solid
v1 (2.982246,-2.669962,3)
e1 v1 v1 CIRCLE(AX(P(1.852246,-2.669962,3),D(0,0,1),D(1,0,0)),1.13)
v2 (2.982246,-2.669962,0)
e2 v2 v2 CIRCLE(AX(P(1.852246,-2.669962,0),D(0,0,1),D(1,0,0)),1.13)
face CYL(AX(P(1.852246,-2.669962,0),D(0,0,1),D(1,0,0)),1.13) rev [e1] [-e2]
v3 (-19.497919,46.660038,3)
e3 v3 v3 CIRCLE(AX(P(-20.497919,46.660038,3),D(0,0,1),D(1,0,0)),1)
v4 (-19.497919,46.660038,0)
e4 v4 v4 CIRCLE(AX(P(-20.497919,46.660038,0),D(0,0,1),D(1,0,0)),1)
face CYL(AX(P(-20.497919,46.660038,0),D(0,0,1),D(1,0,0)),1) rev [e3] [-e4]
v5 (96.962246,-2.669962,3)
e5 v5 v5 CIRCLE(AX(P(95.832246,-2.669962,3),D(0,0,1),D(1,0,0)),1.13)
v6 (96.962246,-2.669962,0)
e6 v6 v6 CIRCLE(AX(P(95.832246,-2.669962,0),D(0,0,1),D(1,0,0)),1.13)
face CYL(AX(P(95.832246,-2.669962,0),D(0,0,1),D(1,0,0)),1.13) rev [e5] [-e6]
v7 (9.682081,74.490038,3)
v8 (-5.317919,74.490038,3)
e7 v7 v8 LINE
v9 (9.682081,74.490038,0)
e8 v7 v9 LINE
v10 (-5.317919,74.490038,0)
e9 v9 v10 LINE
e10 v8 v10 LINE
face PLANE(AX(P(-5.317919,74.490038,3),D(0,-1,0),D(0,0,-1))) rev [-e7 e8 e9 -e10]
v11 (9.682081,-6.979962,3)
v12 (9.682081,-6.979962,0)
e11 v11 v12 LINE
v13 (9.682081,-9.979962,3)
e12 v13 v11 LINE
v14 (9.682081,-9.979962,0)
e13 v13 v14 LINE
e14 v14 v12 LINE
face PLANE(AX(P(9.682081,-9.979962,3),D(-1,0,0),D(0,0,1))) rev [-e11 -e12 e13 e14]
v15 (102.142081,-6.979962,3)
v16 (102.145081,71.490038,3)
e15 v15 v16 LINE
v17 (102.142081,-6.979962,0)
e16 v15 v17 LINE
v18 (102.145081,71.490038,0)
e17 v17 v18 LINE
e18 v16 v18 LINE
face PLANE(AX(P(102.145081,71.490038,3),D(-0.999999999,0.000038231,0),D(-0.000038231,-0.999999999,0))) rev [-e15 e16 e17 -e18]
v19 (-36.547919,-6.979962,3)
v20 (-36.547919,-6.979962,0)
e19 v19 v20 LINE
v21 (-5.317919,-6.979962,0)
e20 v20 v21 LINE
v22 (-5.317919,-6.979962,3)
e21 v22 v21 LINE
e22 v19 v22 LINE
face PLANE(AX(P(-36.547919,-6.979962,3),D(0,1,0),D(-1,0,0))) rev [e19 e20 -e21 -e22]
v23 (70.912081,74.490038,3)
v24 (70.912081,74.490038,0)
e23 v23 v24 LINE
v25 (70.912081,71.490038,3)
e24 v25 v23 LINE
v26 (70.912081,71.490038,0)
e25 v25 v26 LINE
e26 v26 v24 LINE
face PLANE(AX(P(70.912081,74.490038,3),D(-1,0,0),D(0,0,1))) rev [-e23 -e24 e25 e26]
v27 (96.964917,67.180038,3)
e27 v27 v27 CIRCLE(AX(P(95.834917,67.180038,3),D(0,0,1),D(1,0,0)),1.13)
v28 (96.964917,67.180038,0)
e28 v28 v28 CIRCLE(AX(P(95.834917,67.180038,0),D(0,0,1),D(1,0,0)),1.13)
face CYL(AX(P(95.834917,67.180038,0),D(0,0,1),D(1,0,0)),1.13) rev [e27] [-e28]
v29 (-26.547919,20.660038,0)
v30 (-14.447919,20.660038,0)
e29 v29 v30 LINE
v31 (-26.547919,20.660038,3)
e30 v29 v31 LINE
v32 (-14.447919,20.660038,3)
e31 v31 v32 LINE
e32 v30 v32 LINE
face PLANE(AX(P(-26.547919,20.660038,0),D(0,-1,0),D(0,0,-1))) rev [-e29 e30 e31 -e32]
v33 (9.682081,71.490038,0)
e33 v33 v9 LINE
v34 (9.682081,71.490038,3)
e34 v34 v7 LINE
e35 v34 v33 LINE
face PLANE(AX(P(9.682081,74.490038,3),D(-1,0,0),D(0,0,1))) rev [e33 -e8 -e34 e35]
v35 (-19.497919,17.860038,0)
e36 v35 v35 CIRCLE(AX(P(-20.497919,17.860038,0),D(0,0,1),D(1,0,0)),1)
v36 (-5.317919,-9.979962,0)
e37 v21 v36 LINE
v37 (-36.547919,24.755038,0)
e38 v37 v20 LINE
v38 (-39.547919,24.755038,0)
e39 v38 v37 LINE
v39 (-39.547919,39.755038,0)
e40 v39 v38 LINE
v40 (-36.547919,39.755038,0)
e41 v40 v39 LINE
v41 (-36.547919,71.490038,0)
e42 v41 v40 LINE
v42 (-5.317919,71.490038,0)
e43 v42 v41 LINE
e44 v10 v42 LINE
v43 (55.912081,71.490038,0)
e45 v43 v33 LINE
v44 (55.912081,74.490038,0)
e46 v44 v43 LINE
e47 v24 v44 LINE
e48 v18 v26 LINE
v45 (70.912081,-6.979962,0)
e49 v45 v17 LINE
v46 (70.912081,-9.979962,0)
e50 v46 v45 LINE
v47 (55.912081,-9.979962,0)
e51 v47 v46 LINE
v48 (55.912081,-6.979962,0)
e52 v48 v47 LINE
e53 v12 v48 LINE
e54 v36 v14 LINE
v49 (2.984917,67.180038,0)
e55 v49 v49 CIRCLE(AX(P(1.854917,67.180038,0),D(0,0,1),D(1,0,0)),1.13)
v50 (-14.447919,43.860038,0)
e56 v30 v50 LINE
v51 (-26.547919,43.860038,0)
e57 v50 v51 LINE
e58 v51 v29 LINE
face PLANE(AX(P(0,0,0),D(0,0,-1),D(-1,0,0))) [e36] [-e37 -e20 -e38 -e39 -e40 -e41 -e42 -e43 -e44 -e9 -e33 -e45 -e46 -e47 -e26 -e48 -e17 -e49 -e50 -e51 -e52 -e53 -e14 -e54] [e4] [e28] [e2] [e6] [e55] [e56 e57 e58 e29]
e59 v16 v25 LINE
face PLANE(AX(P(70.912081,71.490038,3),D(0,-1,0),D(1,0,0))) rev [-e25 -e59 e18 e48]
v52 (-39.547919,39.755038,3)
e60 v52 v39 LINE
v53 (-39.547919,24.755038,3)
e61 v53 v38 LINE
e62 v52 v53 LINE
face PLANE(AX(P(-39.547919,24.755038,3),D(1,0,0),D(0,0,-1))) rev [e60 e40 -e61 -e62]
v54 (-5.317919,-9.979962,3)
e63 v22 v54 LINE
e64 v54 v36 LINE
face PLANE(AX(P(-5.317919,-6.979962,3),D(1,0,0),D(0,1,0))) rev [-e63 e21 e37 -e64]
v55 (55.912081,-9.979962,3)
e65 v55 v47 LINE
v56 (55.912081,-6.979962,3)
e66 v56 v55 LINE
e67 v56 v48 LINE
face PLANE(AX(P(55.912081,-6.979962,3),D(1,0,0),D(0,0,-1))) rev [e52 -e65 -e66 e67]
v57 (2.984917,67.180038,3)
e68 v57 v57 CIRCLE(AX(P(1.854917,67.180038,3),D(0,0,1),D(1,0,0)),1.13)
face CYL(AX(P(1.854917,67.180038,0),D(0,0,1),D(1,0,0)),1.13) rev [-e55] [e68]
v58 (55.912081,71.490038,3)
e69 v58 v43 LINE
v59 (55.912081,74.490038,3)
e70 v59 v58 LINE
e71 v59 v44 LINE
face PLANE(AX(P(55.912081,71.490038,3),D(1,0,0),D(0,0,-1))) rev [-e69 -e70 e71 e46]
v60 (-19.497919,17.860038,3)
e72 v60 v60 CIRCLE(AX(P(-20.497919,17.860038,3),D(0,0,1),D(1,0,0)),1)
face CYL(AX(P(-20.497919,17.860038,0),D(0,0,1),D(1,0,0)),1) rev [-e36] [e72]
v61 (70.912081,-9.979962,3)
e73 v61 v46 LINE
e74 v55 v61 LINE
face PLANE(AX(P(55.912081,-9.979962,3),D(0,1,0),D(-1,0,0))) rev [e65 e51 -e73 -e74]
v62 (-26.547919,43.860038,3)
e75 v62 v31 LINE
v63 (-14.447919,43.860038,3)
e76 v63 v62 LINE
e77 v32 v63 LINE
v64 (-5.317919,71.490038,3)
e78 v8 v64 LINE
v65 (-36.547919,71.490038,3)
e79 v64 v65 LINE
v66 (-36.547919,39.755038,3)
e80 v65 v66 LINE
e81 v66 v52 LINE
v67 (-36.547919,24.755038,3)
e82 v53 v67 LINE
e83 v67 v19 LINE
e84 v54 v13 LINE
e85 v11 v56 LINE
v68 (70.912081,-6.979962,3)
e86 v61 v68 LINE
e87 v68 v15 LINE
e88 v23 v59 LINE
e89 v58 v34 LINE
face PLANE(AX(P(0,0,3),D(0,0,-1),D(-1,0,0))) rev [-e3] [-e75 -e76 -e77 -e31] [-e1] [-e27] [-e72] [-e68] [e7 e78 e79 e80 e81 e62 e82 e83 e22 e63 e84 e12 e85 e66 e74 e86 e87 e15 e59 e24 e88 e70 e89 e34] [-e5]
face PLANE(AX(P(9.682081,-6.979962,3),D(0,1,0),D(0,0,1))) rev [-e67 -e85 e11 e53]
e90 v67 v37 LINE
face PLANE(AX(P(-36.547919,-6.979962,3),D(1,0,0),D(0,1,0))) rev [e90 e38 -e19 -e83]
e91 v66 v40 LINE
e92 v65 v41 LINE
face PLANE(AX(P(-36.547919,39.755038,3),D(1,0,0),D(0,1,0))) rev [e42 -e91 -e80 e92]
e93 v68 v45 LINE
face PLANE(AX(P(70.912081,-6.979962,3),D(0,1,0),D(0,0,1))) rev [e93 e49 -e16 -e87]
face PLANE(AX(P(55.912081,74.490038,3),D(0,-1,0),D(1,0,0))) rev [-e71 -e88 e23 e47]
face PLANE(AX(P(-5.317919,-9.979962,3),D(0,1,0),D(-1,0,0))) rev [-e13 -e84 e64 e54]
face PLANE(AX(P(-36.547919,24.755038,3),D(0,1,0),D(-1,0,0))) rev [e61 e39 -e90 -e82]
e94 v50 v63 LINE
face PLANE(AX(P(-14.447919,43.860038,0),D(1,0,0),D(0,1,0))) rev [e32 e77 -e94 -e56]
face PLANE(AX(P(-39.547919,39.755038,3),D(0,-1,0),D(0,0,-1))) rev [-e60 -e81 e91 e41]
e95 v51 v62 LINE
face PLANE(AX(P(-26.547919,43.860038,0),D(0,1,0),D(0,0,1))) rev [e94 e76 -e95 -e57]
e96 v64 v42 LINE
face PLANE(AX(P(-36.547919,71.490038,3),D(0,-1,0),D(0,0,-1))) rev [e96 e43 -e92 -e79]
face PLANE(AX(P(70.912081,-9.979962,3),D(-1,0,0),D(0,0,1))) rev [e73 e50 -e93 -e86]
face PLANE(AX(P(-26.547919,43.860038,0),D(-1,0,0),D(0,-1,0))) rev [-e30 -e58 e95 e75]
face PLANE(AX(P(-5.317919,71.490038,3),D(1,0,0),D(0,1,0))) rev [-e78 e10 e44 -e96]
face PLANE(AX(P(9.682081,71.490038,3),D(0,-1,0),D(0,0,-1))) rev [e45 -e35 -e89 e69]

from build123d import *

# Parameters (mm, degrees)
BOSS_EXTRUDE1_DEPTH = 3
SKETCH2_R           = 1.13
CUT_EXTRUDE1_DEPTH  = 3
SKETCH3_R           = 1
SKETCH3_W           = 12.1
SKETCH3_H           = 23.2
CUT_EXTRUDE4_DEPTH  = 3


with BuildPart() as part:
    # Sketch1 → Boss-Extrude1 (new body)
    with BuildSketch(Plane.XY):
        Polygon((-36.547918648, 71.490037876), (-5.317918648, 71.490037876), (-5.317918648, 74.490037876), (9.682081352, 74.490037876), (9.682081352, 71.490037876), (55.912081352, 71.490037876), (55.912081352, 74.490037876), (70.912081352, 74.490037876), (70.912081352, 71.490037876), (102.145081352, 71.490037876), (102.142081352, -6.979962124), (70.912081352, -6.979962124), (70.912081352, -9.979962124), (55.912081352, -9.979962124), (55.912081352, -6.979962124), (9.682081352, -6.979962124), (9.682081352, -9.979962124), (-5.317918648, -9.979962124), (-5.317918648, -6.979962124), (-36.547918648, -6.979962124), (-36.547918648, 24.755037876), (-39.547918648, 24.755037876), (-39.547918648, 39.755037876), (-36.547918648, 39.755037876), align=None)
    extrude(amount=BOSS_EXTRUDE1_DEPTH)

    # Sketch2 → Cut-Extrude1 (cut)
    with BuildSketch(Plane.XY.offset(3)):
        with Locations((95.834916571, 67.180037876)):
            Circle(SKETCH2_R)
        with Locations((95.832246124, -2.669962124)):
            Circle(SKETCH2_R)
        with Locations((1.854916503, 67.180037876)):
            Circle(SKETCH2_R)
        with Locations((1.852246055, -2.669962124)):
            Circle(SKETCH2_R)
    extrude(amount=-CUT_EXTRUDE1_DEPTH, mode=Mode.SUBTRACT)

    # Sketch3 → Cut-Extrude4 (cut)
    with BuildSketch(Plane.XY.offset(3)):
        with Locations((-20.497918648, 46.660037876)):
            Circle(SKETCH3_R)
        with Locations((-20.497918648, 17.860037876)):
            Circle(SKETCH3_R)
        with Locations((-20.497918648, 32.260037876)):
            Rectangle(SKETCH3_W, SKETCH3_H)
    extrude(amount=-CUT_EXTRUDE4_DEPTH, mode=Mode.SUBTRACT)


solid = part.part
